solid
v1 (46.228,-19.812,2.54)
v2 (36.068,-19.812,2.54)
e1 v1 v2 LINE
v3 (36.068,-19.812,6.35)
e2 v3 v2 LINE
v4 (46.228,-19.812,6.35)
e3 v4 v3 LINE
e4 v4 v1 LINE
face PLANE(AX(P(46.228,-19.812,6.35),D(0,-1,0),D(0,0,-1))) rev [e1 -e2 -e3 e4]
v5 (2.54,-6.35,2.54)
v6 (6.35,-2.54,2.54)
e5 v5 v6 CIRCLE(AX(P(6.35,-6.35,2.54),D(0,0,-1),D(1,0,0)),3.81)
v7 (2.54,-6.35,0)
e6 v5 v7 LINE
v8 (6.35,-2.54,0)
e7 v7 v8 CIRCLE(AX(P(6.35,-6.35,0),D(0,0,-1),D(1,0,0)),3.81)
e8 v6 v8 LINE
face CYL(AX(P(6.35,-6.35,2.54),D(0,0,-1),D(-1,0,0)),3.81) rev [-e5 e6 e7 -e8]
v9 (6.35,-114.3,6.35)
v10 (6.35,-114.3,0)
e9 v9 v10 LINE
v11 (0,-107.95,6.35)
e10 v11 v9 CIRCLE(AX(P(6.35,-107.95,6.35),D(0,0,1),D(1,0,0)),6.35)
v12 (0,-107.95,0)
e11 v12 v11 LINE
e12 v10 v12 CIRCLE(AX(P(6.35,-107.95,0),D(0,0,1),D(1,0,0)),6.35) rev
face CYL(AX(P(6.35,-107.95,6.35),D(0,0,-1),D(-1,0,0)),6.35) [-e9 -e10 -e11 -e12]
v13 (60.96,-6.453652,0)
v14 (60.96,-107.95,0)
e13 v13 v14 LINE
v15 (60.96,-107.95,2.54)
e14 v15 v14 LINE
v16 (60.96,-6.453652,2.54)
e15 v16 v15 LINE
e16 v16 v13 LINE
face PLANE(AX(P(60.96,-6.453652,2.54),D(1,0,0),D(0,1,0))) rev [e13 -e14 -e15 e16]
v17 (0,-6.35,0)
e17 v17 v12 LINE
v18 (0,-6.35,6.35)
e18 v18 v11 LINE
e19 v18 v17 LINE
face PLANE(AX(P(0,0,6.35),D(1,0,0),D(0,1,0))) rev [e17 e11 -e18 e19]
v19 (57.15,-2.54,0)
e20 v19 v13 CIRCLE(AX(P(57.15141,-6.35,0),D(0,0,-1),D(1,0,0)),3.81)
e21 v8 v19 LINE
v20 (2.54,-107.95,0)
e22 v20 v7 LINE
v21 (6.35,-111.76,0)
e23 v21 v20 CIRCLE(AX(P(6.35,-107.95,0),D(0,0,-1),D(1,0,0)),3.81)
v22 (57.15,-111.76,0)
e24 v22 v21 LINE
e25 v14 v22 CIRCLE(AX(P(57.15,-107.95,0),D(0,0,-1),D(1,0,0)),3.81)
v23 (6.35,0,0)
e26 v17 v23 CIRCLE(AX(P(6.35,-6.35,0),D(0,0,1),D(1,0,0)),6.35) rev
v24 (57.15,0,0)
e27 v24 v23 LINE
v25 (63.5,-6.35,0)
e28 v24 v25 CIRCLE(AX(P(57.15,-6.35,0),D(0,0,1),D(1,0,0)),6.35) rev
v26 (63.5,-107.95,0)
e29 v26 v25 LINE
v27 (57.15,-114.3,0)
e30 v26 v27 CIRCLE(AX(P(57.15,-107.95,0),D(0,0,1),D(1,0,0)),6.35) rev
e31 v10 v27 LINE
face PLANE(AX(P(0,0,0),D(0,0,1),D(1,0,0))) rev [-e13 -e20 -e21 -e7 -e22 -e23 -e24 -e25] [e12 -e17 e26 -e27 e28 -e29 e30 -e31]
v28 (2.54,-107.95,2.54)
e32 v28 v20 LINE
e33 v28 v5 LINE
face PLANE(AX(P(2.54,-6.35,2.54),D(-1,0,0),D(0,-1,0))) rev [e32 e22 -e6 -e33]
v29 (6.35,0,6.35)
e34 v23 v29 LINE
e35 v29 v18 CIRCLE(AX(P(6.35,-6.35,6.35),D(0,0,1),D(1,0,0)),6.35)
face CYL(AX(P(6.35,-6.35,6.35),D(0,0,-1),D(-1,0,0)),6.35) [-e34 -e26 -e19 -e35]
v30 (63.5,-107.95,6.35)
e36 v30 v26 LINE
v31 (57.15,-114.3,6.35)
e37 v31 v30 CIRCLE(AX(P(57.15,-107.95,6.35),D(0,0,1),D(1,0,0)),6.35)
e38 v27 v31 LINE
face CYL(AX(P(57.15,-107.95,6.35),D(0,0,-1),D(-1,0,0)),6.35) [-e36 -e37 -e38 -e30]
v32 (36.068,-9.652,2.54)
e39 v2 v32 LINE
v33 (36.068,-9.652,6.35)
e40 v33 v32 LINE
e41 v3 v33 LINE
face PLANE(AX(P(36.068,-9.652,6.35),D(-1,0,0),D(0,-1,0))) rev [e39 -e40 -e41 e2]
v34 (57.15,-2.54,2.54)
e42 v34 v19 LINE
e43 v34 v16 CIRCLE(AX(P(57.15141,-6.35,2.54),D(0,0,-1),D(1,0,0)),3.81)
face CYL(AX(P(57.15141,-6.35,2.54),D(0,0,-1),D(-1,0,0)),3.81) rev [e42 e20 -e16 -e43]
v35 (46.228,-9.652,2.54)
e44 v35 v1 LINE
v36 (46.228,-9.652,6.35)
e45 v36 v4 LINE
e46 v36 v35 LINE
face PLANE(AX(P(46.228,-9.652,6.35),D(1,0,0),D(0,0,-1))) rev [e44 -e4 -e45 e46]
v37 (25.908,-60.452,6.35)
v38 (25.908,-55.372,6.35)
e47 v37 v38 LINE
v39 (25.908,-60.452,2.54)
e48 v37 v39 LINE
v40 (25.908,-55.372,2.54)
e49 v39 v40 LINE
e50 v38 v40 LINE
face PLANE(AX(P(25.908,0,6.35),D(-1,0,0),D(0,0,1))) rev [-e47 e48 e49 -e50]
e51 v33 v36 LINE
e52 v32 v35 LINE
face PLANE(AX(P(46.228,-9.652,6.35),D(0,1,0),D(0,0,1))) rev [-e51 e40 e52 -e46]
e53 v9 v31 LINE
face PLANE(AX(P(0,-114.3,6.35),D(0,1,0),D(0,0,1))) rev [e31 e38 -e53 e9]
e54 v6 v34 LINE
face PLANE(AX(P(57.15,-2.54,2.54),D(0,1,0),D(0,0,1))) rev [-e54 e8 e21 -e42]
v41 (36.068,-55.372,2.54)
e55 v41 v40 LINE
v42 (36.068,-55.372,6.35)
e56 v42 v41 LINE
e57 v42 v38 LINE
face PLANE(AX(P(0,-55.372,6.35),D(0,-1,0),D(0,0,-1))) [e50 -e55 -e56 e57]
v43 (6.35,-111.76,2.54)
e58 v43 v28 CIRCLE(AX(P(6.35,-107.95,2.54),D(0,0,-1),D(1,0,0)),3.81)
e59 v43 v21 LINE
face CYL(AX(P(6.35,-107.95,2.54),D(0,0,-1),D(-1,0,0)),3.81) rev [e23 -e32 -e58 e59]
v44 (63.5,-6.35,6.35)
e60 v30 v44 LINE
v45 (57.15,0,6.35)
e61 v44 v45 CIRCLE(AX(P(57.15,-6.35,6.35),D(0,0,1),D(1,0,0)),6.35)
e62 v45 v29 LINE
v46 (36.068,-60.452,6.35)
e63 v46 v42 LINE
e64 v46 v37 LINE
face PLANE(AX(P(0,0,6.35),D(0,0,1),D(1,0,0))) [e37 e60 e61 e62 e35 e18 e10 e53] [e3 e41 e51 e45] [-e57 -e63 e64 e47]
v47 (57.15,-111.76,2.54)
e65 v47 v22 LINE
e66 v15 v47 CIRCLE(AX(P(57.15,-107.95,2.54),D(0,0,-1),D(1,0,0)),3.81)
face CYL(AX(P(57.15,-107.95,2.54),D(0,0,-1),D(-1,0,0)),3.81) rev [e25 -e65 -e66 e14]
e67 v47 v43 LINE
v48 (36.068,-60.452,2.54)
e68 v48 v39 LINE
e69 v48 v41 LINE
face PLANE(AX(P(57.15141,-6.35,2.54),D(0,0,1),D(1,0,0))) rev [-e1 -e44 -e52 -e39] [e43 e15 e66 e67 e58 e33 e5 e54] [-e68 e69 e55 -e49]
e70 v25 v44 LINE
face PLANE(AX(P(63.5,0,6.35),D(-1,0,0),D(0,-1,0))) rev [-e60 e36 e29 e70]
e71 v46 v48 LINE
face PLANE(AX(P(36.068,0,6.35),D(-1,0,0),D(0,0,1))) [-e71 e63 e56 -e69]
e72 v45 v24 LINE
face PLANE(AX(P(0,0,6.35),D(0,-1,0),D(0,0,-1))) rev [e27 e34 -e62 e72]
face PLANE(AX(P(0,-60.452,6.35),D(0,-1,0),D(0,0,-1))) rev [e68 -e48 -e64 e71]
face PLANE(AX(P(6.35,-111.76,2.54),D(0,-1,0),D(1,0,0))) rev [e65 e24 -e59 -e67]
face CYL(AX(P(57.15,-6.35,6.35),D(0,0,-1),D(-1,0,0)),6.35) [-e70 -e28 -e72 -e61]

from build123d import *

# Parameters (mm, degrees)
SKETCH2_W           = 63.5
SKETCH2_H           = 114.3
BOSS_EXTRUDE1_DEPTH = 6.35
FILLET1_R           = 6.35
CUT_EXTRUDE2_DEPTH  = 2.54
SKETCH8_W           = 10.16
SKETCH8_H           = 10.16
CUT_EXTRUDE3_DEPTH  = 131.81
SKETCH7_W           = 10.16
SKETCH7_H           = 5.08
CUT_EXTRUDE4_DEPTH  = 131.81


with BuildPart() as part:
    # Sketch2 → Boss-Extrude1 (new body)
    with BuildSketch(Plane.XY):
        with Locations((31.75, -57.15)):
            Rectangle(SKETCH2_W, SKETCH2_H)
    extrude(amount=BOSS_EXTRUDE1_DEPTH)

    # Fillet1
    fillet1_edges = [part.edges().sort_by_distance(p)[0] for p in [
        (0, 0, 3.175),
        (63.5, 0, 3.175),
        (63.5, -114.3, 3.175),
        (0, -114.3, 3.175),
    ]]
    fillet(fillet1_edges, radius=FILLET1_R)

    # Sketch5 → Cut-Extrude2 (cut)
    with BuildSketch(Plane(origin=(0, 0, 0), x_dir=(-1, 0, 0), z_dir=(0, 0, -1))):
        with BuildLine():
            Line((-60.96, -6.453652416), (-60.96, -107.95))
            ThreePointArc((-60.96, -107.95), (-59.844076836, -110.644076836), (-57.15, -111.76))
            Line((-57.15, -111.76), (-6.35, -111.76))
            ThreePointArc((-6.35, -111.76), (-3.655923164, -110.644076836), (-2.54, -107.95))
            Line((-2.54, -107.95), (-2.54, -6.35))
            ThreePointArc((-2.54, -6.35), (-3.655923164, -3.655923164), (-6.35, -2.54))
            Line((-6.35, -2.54), (-57.15, -2.54))
            ThreePointArc((-57.15, -2.54), (-59.881396091, -3.692317076), (-60.96, -6.453652416))
        make_face()
    extrude(amount=-CUT_EXTRUDE2_DEPTH, mode=Mode.SUBTRACT)

    # Sketch8 → Cut-Extrude3 (cut, through all)
    with BuildSketch(Plane(origin=(0, 0, 2.54), x_dir=(-1, 0, 0), z_dir=(0, 0, -1))):
        with Locations((-41.148, -14.732)):
            Rectangle(SKETCH8_W, SKETCH8_H)
    extrude(amount=-CUT_EXTRUDE3_DEPTH, mode=Mode.SUBTRACT)

    # Sketch7 → Cut-Extrude4 (cut, through all)
    with BuildSketch(Plane(origin=(0, 0, 2.54), x_dir=(-1, 0, 0), z_dir=(0, 0, -1))):
        with Locations((-30.988, -57.912)):
            Rectangle(SKETCH7_W, SKETCH7_H)
    extrude(amount=-CUT_EXTRUDE4_DEPTH, mode=Mode.SUBTRACT)


solid = part.part
